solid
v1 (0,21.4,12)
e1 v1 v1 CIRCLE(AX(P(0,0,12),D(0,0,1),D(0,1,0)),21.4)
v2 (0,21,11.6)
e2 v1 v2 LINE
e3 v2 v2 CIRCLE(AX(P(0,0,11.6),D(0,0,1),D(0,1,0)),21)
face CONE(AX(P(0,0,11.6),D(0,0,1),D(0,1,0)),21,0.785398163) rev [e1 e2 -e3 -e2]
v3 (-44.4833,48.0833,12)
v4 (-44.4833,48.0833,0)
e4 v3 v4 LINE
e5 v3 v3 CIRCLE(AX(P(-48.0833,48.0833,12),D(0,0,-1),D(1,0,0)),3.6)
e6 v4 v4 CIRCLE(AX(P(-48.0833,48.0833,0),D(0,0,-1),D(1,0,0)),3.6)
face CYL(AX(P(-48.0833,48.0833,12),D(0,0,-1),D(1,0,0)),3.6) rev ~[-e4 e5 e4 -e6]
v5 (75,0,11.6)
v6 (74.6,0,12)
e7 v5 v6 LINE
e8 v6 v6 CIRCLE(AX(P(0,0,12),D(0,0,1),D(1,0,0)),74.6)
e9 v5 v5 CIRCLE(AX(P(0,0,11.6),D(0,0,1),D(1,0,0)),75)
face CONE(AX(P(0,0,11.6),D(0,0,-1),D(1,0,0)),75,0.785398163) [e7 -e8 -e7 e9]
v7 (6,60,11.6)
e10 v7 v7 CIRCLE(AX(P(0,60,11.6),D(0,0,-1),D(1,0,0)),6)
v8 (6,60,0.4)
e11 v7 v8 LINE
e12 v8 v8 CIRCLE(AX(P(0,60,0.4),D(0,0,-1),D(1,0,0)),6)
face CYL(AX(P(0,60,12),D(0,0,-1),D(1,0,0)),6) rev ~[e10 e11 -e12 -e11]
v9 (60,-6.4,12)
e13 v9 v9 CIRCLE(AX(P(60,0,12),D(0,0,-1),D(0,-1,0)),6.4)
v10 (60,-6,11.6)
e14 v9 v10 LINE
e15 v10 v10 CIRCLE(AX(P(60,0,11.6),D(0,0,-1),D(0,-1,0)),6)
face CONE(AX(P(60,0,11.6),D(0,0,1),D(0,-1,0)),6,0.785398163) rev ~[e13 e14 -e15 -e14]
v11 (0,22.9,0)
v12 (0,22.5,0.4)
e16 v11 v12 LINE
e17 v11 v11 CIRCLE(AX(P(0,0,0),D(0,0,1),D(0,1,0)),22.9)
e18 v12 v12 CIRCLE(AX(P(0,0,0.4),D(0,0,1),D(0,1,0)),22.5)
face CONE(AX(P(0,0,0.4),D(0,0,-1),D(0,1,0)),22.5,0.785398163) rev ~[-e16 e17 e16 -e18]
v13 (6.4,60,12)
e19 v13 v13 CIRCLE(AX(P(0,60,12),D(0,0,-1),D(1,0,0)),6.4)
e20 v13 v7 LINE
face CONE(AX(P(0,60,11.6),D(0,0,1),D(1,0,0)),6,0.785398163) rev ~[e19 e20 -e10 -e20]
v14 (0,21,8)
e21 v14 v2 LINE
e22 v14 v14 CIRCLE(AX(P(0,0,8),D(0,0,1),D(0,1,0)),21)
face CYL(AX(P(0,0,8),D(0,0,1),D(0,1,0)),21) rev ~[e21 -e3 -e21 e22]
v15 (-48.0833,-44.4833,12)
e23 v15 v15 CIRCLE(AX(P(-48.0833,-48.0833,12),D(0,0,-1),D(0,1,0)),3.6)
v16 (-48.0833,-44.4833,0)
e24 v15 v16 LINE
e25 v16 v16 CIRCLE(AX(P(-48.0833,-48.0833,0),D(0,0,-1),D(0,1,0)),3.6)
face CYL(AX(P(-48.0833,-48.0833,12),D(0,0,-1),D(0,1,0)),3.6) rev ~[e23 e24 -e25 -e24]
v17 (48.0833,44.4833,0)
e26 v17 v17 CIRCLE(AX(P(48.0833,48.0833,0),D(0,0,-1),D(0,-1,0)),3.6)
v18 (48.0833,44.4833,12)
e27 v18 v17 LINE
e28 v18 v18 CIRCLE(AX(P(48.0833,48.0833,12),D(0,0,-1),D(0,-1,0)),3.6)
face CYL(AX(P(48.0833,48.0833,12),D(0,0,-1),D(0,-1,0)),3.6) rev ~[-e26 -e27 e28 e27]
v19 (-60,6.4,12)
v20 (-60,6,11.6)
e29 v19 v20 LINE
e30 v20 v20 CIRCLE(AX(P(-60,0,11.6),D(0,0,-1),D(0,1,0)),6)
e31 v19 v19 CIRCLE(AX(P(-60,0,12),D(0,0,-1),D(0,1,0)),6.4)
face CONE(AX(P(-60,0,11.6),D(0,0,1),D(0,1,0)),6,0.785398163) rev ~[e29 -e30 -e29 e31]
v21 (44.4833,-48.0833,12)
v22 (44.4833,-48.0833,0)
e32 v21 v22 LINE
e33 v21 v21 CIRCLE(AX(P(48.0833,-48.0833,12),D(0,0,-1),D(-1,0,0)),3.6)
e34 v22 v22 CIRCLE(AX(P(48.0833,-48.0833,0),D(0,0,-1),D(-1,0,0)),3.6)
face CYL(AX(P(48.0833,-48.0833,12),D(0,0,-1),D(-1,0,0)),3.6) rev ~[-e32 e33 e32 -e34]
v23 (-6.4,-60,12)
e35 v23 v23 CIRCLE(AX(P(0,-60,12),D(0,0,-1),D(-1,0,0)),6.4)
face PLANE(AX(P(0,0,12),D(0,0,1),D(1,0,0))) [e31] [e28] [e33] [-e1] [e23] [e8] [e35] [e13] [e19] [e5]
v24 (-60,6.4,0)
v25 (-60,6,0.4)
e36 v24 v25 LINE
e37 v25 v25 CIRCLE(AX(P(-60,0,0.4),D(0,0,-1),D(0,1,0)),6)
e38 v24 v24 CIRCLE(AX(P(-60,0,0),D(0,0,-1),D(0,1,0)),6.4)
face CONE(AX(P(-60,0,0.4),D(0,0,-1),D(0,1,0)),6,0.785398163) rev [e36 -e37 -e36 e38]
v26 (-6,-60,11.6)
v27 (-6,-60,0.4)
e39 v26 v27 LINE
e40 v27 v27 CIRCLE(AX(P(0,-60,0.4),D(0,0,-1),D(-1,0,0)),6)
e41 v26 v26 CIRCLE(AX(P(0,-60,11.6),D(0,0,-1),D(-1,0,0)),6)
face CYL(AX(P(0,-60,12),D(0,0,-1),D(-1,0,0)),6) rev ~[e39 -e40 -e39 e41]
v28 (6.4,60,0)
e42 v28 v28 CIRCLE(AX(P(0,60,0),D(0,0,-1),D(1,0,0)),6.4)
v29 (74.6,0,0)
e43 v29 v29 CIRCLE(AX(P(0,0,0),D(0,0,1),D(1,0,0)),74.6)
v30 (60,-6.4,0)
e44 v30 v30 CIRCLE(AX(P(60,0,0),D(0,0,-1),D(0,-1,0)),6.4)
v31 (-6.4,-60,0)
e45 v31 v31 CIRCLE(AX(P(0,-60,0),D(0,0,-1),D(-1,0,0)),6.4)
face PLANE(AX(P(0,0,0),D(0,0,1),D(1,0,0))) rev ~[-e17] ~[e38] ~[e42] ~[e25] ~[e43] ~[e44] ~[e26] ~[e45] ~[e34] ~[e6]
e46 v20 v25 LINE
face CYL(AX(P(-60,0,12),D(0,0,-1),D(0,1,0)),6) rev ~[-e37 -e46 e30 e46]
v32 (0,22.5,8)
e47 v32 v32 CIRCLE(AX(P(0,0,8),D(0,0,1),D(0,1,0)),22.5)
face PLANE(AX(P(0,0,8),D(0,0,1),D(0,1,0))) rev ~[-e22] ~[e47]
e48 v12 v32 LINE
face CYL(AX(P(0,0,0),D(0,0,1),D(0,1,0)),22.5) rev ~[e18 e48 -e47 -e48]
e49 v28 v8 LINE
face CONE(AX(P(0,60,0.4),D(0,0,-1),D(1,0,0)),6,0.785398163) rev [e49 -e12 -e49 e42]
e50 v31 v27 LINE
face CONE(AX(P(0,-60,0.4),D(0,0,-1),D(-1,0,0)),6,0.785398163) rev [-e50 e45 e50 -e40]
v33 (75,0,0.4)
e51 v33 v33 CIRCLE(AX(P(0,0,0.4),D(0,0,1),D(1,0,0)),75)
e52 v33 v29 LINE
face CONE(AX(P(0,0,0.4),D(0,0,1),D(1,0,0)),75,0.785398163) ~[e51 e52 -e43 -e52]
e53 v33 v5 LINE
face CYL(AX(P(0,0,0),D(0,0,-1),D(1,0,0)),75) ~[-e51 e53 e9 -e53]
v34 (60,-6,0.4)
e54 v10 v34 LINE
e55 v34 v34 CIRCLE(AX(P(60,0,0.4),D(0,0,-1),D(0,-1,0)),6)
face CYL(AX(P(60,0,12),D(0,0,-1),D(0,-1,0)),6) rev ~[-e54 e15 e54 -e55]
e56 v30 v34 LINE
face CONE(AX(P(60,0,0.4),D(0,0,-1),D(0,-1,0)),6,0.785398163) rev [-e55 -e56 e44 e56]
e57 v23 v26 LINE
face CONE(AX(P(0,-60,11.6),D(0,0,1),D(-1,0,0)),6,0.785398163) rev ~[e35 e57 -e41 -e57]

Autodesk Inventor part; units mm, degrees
ref_plane "YZ Plane" through (0, 0, 0) normal (1, 0, 0) x (0, 1, 0)
ref_plane "XZ Plane" through (0, 0, 0) normal (0, 1, 0) x (-1, 0, 0)
ref_plane "XY Plane" through (0, 0, 0) normal (0, 0, 1) x (1, 0, 0)
sketch "Sketch1" plane through (0, 0, 0) normal (0, 0, 1) x (1, 0, 0)
  circle A0 centre (0, 0) radius 75
  dimension "d0" = 150
extrude "Extrusion1" add sketch "Sketch1" along normal blind 12
sketch "Sketch2" plane through (0, 0, 12) normal (0, 0, 1) x (1, 0, 0)
  circle A0 centre (0, 0) radius 60 construction
  point P0 (60, 0)
  dimension "d3" = 120
hole "Hole1" at (60, 0, 12) direction (0, 0, -1) diameter 12 end through all
pattern_circular "Circular Pattern1" count 4 over 360 about axis through (0, 0, 0) along (0, 0, 1) of "Hole1"
sketch "Sketch3" plane through (0, 0, 12) normal (0, 0, 1) x (1, 0, 0)
  circle A0 centre (0, 0) radius 68 construction
  line L0 (48.0833, 48.0833) -> (0, 0) construction
  line L1 (0, 0) -> (75, 0) construction
  circle A1 centre (0, 0) radius 75 projected
  dimension "d14" = 136
  dimension "d15" = 45
hole "Hole2" at (48.0833, 48.0833, 12) direction (0, 0, -1) diameter 7.2 end through all
pattern_circular "Circular Pattern2" count 4 over 360 about axis through (0, 0, 0) along (0, 0, 1) of "Hole2"
sketch "Sketch4" plane through (0, 0, 0) normal (1, 0, 0) x (0, 1, 0)
  line L0 (0, 0) -> (0, 12)
  line L1 (75, 12) -> (-75, 12) projected
  line L2 (75, 0) -> (-75, 0) projected
  line L3 (22.5, 0) -> (22.5, 8)
  line L4 (22.5, 8) -> (21, 8)
  line L5 (21, 8) -> (21, 12)
  dimension "d26" = 45
  dimension "d27" = 4
  dimension "d28" = 42
revolve "Revolution1" cut sketch "Sketch4" angle 360 about axis through (0, 0, 0) along (0, 0, 1)
chamfer "Chamfer1" distance 0.4 angle 45 4 edges at (-75, 0, 0) (-75, 0, 12) (0, -21, 12) (0, -22.5, 0)
chamfer "Chamfer2" distance 0.4 angle 45 8 edges at (-6, 60, 12) (-60, -6, 12) (6, -60, 12) (60, 6, 12) (-6, 60, 0) (-60, -6, 0) (60, 6, 0) (6, -60, 0)
properties part number "VF65-KF40-adapter" material "Stainless Steel"
